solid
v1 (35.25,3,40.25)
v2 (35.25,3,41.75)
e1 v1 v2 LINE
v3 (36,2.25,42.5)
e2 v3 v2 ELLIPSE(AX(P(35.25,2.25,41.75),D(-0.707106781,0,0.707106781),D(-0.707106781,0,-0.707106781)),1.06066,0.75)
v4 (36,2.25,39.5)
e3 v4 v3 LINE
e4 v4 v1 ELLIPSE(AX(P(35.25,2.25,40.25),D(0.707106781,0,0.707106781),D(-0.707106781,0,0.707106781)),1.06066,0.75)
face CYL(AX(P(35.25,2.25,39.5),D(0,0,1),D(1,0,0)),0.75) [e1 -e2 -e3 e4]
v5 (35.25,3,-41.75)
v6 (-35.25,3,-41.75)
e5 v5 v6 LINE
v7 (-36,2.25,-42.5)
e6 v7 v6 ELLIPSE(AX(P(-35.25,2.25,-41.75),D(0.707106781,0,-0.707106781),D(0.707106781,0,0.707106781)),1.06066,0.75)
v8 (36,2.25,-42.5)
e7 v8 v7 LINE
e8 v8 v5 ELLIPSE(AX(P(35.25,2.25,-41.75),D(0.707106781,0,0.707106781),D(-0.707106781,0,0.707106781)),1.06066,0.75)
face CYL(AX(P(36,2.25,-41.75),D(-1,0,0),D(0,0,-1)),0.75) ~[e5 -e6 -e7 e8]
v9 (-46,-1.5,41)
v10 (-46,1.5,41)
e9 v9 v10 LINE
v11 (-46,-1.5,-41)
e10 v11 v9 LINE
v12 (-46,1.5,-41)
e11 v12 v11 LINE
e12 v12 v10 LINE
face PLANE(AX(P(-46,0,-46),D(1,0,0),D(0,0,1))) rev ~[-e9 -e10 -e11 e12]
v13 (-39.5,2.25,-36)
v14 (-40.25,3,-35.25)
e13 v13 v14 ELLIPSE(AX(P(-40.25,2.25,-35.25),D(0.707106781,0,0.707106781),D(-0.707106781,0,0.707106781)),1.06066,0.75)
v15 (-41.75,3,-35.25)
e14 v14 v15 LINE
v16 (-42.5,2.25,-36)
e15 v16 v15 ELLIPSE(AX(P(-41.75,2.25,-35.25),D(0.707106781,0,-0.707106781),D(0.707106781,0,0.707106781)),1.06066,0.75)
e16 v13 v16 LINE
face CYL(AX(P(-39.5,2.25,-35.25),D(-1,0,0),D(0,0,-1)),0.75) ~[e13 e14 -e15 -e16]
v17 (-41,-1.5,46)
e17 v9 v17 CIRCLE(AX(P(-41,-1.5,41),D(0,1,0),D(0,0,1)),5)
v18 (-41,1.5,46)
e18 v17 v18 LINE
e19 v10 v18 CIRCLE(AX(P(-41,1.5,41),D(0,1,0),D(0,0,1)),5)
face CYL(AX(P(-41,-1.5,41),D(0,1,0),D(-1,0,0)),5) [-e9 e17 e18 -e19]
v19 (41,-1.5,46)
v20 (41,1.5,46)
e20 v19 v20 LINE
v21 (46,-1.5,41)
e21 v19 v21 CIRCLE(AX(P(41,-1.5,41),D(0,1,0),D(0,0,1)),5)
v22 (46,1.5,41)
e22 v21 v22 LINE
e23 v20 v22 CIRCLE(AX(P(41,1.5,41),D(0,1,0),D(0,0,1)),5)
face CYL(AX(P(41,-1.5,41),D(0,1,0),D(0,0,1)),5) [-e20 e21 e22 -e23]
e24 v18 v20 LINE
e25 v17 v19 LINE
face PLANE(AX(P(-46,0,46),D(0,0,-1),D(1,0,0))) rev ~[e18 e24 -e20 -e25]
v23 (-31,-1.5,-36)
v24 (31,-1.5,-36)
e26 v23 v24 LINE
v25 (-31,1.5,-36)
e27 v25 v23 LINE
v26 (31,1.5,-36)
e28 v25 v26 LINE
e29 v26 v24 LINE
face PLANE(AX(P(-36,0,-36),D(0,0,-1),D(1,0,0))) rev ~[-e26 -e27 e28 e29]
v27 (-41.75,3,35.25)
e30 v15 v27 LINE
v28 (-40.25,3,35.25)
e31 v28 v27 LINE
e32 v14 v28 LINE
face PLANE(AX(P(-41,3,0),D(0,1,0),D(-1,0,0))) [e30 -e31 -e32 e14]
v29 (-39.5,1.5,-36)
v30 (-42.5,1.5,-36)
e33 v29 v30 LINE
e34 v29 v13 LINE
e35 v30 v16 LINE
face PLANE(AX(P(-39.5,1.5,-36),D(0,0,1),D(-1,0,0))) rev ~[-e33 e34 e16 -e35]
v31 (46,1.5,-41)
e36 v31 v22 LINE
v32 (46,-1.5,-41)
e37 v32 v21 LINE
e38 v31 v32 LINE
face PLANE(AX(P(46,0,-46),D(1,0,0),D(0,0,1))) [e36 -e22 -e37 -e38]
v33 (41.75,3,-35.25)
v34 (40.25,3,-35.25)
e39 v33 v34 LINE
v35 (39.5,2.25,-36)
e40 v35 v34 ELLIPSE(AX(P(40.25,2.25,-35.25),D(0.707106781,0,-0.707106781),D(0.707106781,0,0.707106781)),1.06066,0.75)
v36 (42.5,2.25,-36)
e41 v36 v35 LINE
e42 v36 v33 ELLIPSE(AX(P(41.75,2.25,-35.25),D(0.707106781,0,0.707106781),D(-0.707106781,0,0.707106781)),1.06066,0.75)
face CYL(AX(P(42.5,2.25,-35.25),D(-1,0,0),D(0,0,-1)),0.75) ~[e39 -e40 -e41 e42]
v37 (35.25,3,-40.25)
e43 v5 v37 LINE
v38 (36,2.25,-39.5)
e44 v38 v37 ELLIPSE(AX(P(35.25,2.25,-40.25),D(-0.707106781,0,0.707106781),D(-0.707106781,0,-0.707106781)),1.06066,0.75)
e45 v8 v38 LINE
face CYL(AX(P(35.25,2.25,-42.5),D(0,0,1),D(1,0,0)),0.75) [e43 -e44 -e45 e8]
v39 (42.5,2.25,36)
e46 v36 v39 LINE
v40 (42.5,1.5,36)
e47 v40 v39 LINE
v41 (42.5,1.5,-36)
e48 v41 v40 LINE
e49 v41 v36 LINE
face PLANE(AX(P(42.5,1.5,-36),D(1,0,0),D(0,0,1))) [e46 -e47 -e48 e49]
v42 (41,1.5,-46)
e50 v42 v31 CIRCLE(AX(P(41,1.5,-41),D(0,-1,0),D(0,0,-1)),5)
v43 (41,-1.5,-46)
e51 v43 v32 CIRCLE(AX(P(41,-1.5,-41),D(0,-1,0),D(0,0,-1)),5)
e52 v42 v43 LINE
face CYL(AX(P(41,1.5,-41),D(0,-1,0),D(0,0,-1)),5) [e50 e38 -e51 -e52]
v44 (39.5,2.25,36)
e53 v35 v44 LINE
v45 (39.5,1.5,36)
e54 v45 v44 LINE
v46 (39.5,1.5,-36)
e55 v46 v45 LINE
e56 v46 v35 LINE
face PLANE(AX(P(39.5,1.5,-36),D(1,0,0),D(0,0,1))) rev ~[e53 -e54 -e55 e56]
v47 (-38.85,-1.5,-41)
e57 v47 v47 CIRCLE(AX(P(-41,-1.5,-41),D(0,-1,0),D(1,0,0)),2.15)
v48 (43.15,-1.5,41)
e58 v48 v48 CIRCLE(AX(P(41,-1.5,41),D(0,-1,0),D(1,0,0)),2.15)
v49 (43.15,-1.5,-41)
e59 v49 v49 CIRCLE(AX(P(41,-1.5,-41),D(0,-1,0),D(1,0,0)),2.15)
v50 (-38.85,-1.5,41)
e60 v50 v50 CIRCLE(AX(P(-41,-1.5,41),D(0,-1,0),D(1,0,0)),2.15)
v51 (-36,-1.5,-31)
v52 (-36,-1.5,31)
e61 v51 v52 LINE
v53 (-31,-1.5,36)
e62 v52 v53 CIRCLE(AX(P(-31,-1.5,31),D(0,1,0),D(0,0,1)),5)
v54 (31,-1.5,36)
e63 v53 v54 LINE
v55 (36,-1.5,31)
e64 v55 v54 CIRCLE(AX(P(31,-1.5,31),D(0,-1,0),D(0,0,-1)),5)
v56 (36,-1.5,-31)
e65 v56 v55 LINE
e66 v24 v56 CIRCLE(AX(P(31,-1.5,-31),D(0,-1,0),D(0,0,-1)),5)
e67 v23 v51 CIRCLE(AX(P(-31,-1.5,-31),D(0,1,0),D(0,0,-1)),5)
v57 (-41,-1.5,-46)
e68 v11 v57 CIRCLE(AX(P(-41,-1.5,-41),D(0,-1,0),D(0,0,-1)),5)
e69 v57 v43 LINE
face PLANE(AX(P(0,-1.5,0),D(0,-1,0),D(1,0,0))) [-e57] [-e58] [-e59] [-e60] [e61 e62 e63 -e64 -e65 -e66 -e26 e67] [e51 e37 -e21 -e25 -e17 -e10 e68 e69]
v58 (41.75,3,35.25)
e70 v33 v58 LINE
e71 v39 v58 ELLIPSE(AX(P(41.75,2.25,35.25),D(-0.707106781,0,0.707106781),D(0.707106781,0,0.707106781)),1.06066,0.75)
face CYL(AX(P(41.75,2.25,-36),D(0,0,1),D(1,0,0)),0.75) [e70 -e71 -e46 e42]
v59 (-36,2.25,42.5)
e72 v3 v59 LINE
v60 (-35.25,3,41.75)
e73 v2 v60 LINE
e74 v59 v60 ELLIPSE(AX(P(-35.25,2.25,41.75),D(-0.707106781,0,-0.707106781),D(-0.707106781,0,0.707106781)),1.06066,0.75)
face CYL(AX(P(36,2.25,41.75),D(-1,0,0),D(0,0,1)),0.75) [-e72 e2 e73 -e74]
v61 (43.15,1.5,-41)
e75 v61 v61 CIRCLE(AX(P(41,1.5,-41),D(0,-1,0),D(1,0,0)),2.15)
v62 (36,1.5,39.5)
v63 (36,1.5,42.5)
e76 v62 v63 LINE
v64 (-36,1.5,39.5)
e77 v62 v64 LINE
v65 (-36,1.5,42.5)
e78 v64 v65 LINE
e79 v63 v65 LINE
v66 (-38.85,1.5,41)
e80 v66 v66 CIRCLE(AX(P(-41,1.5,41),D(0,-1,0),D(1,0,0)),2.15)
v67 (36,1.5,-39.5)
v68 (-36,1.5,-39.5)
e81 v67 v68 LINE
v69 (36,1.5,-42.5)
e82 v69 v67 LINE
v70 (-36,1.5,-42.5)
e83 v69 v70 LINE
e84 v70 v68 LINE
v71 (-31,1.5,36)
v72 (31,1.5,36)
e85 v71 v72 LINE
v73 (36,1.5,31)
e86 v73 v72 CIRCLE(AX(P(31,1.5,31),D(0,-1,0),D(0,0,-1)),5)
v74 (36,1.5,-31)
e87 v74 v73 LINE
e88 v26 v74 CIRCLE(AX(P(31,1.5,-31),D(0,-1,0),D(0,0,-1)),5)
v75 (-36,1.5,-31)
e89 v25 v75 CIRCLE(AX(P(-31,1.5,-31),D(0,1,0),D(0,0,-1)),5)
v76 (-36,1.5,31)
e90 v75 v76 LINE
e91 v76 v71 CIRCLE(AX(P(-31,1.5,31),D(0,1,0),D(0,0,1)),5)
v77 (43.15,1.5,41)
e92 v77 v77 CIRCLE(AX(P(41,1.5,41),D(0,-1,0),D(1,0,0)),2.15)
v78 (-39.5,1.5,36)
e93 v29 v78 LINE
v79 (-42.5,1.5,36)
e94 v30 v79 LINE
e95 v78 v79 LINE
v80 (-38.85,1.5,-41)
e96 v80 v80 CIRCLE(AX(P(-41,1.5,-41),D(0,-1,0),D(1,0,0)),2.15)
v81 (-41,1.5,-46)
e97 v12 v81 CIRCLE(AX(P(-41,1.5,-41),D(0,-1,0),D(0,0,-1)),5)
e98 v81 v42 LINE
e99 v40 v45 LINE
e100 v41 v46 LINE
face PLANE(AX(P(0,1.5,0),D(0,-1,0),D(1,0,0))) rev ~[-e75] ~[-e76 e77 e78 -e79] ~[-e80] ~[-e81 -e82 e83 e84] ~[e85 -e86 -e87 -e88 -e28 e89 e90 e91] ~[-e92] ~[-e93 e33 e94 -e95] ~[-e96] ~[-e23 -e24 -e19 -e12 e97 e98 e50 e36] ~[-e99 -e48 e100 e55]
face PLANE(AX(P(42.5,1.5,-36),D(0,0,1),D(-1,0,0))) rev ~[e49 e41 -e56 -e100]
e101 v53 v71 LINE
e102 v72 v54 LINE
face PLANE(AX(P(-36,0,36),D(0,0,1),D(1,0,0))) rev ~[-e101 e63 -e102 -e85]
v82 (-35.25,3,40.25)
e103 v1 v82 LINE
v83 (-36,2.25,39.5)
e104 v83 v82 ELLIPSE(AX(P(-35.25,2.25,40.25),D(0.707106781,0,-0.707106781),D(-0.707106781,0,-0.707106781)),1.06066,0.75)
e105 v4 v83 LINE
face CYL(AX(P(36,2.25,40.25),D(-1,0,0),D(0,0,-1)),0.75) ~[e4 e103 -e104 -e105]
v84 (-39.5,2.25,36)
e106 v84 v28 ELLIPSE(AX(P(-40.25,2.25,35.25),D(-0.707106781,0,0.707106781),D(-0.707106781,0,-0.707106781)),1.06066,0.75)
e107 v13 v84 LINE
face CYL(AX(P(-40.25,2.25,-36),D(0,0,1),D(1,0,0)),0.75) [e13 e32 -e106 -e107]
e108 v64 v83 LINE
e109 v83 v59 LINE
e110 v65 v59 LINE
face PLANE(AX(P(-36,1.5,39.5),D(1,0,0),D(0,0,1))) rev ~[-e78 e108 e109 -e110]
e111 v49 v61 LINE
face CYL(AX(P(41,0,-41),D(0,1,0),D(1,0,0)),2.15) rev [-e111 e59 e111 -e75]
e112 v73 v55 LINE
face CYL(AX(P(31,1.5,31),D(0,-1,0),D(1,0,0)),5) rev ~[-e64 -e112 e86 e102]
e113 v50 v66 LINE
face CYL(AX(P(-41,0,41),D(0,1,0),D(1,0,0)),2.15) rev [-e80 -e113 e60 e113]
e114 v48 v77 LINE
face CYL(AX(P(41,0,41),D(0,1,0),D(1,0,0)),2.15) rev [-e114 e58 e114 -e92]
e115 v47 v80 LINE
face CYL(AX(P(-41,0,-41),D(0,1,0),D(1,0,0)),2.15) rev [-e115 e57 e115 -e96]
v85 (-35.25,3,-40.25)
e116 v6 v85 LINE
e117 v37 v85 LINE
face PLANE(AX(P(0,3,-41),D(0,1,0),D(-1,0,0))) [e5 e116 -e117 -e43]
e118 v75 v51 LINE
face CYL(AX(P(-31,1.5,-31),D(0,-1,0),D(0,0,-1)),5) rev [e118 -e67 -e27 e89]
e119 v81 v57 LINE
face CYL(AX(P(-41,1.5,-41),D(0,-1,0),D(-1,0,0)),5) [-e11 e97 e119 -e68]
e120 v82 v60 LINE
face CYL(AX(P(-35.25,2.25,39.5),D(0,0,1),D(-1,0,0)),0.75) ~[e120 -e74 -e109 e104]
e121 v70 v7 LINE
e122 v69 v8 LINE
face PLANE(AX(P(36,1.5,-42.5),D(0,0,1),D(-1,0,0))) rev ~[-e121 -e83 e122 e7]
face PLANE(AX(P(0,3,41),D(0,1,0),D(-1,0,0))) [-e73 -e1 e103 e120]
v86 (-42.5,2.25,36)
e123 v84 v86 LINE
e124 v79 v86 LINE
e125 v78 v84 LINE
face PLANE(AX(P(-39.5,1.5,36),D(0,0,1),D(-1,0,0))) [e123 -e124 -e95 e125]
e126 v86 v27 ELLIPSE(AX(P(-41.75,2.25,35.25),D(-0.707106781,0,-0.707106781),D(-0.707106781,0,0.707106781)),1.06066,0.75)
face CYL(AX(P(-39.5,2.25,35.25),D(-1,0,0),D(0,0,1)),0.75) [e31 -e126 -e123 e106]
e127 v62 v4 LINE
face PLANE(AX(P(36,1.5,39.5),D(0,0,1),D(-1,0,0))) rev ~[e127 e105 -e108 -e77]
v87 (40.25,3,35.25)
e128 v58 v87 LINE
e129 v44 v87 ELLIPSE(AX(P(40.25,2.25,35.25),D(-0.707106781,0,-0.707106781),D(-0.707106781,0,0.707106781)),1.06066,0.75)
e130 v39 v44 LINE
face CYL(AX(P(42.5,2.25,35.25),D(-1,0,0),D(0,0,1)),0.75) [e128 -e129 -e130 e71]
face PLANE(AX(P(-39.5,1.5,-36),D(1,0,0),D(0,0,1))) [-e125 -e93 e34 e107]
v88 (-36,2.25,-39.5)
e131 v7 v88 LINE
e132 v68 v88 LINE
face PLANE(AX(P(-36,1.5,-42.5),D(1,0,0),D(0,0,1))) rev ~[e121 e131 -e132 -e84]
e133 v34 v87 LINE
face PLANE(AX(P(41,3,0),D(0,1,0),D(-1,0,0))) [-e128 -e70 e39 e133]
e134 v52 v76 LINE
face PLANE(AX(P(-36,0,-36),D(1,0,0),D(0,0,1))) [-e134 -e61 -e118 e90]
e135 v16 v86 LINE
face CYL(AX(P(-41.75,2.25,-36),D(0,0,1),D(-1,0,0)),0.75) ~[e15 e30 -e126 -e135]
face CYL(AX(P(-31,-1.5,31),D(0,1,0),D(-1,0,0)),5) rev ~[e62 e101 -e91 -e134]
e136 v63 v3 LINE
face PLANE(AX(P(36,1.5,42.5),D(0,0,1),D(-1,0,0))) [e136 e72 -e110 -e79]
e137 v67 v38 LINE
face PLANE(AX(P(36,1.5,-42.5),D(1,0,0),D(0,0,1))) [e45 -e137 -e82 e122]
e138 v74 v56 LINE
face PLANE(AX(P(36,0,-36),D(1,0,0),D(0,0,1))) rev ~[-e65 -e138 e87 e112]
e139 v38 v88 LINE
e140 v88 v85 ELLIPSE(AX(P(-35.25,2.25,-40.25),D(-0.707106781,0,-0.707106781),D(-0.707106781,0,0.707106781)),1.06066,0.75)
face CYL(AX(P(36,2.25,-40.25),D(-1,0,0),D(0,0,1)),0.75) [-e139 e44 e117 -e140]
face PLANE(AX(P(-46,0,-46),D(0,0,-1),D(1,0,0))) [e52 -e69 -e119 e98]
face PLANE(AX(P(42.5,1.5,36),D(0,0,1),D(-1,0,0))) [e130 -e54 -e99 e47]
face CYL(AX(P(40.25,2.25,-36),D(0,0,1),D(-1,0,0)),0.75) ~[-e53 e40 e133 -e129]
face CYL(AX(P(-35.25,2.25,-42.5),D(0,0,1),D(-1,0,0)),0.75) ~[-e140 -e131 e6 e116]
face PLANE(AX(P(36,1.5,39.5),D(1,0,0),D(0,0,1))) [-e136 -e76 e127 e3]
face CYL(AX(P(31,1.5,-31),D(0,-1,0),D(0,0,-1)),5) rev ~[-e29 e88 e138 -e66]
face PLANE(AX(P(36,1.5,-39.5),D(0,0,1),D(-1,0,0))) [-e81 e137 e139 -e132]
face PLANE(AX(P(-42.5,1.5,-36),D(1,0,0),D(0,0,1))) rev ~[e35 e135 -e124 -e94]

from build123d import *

# Parameters (mm, degrees)
F0_W     = 92
F0_H     = 92
F0_R     = 2.15
F0_W_2   = 72
F0_H_2   = 72
F1_DEPTH = 1.5
F2_W     = 72
F2_H     = 3
F2_W_2   = 3
F2_H_2   = 72
F3_DEPTH = 1.5
F4_R     = 5
F5_R     = 0.75


with BuildPart() as f1:
    # F0 (on Front) → F1 (new body, symmetric)
    with BuildSketch(Plane.XZ):
        Rectangle(F0_W, F0_H)
        with Locations((-41, -41)):
            Circle(F0_R, mode=Mode.SUBTRACT)
        with Locations((41, -41)):
            Circle(F0_R, mode=Mode.SUBTRACT)
        with Locations((-41, 41)):
            Circle(F0_R, mode=Mode.SUBTRACT)
        Rectangle(F0_W_2, F0_H_2, mode=Mode.SUBTRACT)
        with Locations((41, 41)):
            Circle(F0_R, mode=Mode.SUBTRACT)
    extrude(amount=F1_DEPTH, both=True)

    # F2 (on face) → F3 (join)
    with BuildSketch(Plane(origin=(0, 1.5, 0), x_dir=(-1, 0, 0), z_dir=(0, 1, 0))):
        with Locations((0, 41)):
            Rectangle(F2_W, F2_H)
        with Locations((-41, 0)):
            Rectangle(F2_W_2, F2_H_2)
        with Locations((41, 0)):
            Rectangle(F2_W_2, F2_H_2)
        with Locations((0, -41)):
            Rectangle(F2_W, F2_H)
    extrude(amount=F3_DEPTH)

    # F4
    f4_edges = [f1.edges().sort_by_distance(p)[0] for p in [
        (-46, 0, 46),
        (46, 0, 46),
        (46, 0, -46),
        (-46, 0, -46),
        (36, 0, -36),
        (-36, 0, -36),
        (36, 0, 36),
        (-36, 0, 36),
    ]]
    fillet(f4_edges, radius=F4_R)

    # F5
    f5_edges = [f1.edges().sort_by_distance(p)[0] for p in [
        (39.5, 3, 0),
        (42.5, 3, 0),
        (41, 3, -36),
        (41, 3, 36),
        (0, 3, 42.5),
        (36, 3, 41),
        (0, 3, 39.5),
        (-36, 3, 41),
        (-41, 3, 36),
        (-39.5, 3, 0),
        (-42.5, 3, 0),
        (-41, 3, -36),
        (-36, 3, -41),
        (0, 3, -39.5),
        (36, 3, -41),
        (0, 3, -42.5),
    ]]
    fillet(f5_edges, radius=F5_R)


solid = f1.part
